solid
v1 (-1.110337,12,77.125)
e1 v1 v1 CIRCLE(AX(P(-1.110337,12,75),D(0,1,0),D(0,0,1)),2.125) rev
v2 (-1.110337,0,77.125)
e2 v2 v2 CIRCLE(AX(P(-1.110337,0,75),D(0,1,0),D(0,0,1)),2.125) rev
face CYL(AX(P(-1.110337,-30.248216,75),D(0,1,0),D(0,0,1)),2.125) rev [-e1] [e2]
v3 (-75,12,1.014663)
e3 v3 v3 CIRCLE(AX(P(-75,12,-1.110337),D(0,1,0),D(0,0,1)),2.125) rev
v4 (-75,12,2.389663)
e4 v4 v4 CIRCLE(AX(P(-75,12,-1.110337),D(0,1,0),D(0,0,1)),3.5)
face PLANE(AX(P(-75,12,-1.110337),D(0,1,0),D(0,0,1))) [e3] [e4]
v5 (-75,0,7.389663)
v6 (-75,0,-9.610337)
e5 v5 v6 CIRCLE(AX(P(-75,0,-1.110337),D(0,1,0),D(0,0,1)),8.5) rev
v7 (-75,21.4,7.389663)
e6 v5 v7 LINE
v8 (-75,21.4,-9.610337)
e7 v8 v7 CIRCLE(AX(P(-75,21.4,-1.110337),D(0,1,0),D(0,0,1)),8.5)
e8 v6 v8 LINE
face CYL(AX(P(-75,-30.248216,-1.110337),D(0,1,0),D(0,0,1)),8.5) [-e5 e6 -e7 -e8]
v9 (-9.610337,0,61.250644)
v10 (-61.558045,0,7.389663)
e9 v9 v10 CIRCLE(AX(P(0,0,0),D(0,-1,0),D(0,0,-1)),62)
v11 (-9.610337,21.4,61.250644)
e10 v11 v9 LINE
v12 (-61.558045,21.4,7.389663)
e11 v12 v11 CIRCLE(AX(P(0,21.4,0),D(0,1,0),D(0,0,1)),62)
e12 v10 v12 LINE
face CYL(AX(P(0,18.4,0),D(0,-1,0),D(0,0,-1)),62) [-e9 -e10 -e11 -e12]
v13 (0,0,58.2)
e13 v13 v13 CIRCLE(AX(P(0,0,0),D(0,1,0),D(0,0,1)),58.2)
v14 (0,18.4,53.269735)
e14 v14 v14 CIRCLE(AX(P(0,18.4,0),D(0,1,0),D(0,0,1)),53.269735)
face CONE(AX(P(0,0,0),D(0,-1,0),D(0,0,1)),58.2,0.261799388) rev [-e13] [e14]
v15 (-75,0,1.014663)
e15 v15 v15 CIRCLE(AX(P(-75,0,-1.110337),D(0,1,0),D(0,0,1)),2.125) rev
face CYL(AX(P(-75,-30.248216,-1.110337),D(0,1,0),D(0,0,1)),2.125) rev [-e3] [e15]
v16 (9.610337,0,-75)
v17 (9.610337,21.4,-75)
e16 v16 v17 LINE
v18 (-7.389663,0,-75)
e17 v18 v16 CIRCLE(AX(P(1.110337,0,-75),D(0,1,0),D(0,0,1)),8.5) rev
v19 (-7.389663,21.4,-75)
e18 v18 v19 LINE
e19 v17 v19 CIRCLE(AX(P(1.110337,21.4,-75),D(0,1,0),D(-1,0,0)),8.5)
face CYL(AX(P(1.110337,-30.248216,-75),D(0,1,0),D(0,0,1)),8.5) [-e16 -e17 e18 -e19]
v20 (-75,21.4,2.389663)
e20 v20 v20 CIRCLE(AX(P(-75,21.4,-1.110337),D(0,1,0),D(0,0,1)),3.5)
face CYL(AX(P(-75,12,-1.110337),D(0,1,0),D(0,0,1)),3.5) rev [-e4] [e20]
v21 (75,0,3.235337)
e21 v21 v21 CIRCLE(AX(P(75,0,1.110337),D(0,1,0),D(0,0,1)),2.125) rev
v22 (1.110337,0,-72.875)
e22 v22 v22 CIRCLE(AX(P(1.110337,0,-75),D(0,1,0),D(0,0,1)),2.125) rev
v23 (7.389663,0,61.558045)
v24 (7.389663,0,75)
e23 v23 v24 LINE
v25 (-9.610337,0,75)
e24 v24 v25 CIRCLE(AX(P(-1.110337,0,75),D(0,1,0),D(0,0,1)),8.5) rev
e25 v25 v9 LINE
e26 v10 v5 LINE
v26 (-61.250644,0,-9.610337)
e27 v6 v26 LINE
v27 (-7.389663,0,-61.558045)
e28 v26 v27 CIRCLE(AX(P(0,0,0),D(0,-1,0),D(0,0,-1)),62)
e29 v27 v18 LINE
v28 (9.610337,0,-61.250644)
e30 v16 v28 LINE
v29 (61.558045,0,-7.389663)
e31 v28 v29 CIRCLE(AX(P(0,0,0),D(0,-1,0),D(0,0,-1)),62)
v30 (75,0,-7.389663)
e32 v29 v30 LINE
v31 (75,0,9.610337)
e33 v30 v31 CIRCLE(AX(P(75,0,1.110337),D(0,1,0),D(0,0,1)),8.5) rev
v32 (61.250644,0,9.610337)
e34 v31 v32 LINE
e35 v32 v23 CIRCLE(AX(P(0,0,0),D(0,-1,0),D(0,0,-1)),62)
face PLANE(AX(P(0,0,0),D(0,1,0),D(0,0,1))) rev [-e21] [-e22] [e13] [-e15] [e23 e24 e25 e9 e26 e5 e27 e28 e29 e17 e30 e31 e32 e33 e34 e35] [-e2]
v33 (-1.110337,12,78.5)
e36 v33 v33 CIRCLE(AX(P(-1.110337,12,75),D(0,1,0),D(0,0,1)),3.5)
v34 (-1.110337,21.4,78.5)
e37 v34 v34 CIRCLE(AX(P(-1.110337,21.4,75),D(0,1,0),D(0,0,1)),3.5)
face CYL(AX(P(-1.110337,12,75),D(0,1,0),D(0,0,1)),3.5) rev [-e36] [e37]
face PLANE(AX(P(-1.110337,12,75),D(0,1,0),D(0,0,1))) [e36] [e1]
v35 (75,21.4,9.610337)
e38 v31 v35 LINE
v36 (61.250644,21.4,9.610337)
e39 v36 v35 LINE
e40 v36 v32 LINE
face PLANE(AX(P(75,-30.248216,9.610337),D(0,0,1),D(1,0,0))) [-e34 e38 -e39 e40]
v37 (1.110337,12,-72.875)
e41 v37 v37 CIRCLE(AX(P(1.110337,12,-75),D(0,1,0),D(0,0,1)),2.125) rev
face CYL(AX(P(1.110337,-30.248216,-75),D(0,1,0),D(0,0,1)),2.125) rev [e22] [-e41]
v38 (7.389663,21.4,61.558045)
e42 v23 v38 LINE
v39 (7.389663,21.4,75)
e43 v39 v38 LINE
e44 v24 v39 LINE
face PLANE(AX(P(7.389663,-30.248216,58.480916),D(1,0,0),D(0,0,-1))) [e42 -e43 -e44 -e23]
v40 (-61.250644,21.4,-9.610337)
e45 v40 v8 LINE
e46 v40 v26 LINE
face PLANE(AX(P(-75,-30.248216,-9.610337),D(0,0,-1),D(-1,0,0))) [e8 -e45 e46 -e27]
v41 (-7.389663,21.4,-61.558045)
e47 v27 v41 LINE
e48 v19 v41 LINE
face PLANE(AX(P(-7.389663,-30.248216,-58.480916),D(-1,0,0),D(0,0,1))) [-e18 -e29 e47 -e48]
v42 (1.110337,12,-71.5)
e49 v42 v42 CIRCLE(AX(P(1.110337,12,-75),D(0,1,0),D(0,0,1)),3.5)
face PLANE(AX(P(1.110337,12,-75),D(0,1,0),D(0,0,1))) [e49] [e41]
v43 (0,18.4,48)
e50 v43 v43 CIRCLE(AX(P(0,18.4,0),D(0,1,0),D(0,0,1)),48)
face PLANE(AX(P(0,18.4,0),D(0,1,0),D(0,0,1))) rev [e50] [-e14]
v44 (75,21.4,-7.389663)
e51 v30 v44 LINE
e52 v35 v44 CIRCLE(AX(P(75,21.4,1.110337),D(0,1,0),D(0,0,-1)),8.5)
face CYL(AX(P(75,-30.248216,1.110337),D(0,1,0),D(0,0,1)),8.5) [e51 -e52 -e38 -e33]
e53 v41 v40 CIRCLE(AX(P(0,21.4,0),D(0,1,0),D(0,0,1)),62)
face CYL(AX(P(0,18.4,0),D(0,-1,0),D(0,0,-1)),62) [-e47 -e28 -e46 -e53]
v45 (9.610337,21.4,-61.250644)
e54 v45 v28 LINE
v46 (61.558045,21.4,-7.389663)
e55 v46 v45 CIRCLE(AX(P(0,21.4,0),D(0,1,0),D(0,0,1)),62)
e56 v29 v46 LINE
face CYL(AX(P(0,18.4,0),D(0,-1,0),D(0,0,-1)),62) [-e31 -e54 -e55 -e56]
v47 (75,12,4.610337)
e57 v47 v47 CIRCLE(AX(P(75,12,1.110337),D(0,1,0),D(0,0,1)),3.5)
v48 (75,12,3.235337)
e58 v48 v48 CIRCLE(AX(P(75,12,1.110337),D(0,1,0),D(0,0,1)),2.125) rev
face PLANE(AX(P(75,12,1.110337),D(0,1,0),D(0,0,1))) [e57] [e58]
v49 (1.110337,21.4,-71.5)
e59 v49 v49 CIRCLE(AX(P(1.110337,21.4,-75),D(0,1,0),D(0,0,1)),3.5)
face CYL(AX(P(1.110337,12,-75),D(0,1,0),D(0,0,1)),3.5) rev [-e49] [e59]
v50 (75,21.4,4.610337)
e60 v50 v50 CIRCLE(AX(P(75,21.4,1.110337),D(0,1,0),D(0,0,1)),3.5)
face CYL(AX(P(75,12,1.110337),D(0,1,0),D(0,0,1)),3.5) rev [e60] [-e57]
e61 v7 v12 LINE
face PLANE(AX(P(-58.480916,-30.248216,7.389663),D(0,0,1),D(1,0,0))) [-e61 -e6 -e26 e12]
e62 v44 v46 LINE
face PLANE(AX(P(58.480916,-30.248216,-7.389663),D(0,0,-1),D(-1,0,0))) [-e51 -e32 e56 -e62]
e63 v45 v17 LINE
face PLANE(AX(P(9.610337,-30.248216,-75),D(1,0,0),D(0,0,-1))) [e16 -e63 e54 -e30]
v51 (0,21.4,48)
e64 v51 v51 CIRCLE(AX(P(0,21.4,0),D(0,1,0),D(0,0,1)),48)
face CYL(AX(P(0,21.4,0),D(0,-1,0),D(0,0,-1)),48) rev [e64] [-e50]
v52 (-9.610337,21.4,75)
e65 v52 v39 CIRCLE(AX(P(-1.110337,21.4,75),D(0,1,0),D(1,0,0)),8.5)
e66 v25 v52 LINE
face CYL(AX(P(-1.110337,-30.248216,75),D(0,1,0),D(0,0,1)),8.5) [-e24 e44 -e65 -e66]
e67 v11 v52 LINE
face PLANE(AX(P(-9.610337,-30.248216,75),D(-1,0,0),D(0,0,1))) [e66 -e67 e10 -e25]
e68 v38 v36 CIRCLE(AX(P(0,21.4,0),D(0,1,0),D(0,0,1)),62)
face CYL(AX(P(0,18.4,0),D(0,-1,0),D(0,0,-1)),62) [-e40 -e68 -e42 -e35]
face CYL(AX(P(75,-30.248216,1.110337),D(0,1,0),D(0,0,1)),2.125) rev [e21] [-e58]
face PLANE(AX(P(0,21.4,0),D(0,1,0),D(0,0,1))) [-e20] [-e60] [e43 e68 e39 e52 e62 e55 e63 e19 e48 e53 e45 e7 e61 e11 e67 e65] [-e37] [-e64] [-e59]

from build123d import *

# Parameters (mm, degrees)
SKETCH1_R           = 62
SKETCH1_R_2         = 58.2
BOSS_EXTRUDE1_DEPTH = 18.4
BOSS_EXTRUDE1_DRAFT = -15
SKETCH2_R           = 82
SKETCH2_R_2         = 62
CUT_EXTRUDE1_DEPTH  = 97.425519359
SKETCH3_R           = 62
SKETCH3_R_2         = 48
BOSS_EXTRUDE2_DEPTH = 3
SKETCH4_R           = 2.125
BOSS_EXTRUDE3_DEPTH = 21.4
CIRPATTERN1_COUNT   = 4
SKETCH5_R           = 3.5
CUT_EXTRUDE2_DEPTH  = 9.4


with BuildPart() as part:
    # Sketch1 → Boss-Extrude1 (with draft: the straight prism first)
    with BuildSketch(Plane(origin=(0, 0, 0), x_dir=(1, 0, 0), z_dir=(0, 1, 0))):
        Circle(SKETCH1_R)
        Circle(SKETCH1_R_2, mode=Mode.SUBTRACT)
    extrude(amount=BOSS_EXTRUDE1_DEPTH)
    # Boss-Extrude1: the draft: its side faces are tilted about the plane it starts from
    boss_extrude1_sides = [part.faces().sort_by_distance(p)[0] for p in [
        (-62, 9.2, 0),
        (-58.2, 9.2, 0),
    ]]
    draft(boss_extrude1_sides, Plane(origin=(0, 0, 0), x_dir=(1, 0, 0), z_dir=(0, 1, 0)), BOSS_EXTRUDE1_DRAFT)

    # Sketch2 → Cut-Extrude1 (cut, through all)
    with BuildSketch(Plane.XZ):
        Circle(SKETCH2_R)
        with Locations(Location((0, 0, 0), (0, 0, 270))):
            Circle(SKETCH2_R_2, mode=Mode.SUBTRACT)
    extrude(amount=-CUT_EXTRUDE1_DEPTH, mode=Mode.SUBTRACT)

    # Sketch3 → Boss-Extrude2 (add)
    with BuildSketch(Plane(origin=(0, 18.4, 0), x_dir=(1, 0, 0), z_dir=(0, 1, 0))):
        with Locations(Location((0, 0, 0), (0, 0, 90))):
            Circle(SKETCH3_R)
        with Locations(Location((0, 0, 0), (0, 0, 270))):
            Circle(SKETCH3_R_2, mode=Mode.SUBTRACT)
    extrude(amount=BOSS_EXTRUDE2_DEPTH)

    # Sketch4 → Boss-Extrude3 (add)
    with BuildSketch(Plane(origin=(0, 21.4, 0), x_dir=(1, 0, 0), z_dir=(0, 1, 0))):
        with BuildLine():
            Line((-75, 9.610336935), (-58.480915803, 9.610336935))
            Line((-58.480915803, 9.610336935), (-58.480915803, -7.389663065))
            Line((-58.480915803, -7.389663065), (-75, -7.389663065))
            ThreePointArc((-75, -7.389663065), (-83.5, 1.110336935), (-75, 9.610336935))
        make_face()
        with Locations(Location((-75, 1.110336935, 0), (0, 0, 270))):
            Circle(SKETCH4_R, mode=Mode.SUBTRACT)
    boss_extrude3 = extrude(amount=-BOSS_EXTRUDE3_DEPTH)

    # CirPattern1: Boss-Extrude3 ×4 about axis
    cirpattern1_axis = Axis((0, 0, 0), (0, 1, 0))
    for i in range(1, CIRPATTERN1_COUNT):
        add(boss_extrude3.rotate(cirpattern1_axis, i * 360 / CIRPATTERN1_COUNT))

    # Sketch5 → Cut-Extrude2 (cut)
    with BuildSketch(Plane(origin=(0, 21.4, 0), x_dir=(1, 0, 0), z_dir=(0, 1, 0))):
        with Locations(Location((-75, 1.110336935, 0), (0, 0, 270))):
            Circle(SKETCH5_R)
        with Locations(Location((1.110336935, 75, 0), (0, 0, 270))):
            Circle(SKETCH5_R)
        with Locations(Location((75, -1.110336935, 0), (0, 0, 270))):
            Circle(SKETCH5_R)
        with Locations(Location((-1.110336935, -75, 0), (0, 0, 270))):
            Circle(SKETCH5_R)
    extrude(amount=-CUT_EXTRUDE2_DEPTH, mode=Mode.SUBTRACT)


solid = part.part
